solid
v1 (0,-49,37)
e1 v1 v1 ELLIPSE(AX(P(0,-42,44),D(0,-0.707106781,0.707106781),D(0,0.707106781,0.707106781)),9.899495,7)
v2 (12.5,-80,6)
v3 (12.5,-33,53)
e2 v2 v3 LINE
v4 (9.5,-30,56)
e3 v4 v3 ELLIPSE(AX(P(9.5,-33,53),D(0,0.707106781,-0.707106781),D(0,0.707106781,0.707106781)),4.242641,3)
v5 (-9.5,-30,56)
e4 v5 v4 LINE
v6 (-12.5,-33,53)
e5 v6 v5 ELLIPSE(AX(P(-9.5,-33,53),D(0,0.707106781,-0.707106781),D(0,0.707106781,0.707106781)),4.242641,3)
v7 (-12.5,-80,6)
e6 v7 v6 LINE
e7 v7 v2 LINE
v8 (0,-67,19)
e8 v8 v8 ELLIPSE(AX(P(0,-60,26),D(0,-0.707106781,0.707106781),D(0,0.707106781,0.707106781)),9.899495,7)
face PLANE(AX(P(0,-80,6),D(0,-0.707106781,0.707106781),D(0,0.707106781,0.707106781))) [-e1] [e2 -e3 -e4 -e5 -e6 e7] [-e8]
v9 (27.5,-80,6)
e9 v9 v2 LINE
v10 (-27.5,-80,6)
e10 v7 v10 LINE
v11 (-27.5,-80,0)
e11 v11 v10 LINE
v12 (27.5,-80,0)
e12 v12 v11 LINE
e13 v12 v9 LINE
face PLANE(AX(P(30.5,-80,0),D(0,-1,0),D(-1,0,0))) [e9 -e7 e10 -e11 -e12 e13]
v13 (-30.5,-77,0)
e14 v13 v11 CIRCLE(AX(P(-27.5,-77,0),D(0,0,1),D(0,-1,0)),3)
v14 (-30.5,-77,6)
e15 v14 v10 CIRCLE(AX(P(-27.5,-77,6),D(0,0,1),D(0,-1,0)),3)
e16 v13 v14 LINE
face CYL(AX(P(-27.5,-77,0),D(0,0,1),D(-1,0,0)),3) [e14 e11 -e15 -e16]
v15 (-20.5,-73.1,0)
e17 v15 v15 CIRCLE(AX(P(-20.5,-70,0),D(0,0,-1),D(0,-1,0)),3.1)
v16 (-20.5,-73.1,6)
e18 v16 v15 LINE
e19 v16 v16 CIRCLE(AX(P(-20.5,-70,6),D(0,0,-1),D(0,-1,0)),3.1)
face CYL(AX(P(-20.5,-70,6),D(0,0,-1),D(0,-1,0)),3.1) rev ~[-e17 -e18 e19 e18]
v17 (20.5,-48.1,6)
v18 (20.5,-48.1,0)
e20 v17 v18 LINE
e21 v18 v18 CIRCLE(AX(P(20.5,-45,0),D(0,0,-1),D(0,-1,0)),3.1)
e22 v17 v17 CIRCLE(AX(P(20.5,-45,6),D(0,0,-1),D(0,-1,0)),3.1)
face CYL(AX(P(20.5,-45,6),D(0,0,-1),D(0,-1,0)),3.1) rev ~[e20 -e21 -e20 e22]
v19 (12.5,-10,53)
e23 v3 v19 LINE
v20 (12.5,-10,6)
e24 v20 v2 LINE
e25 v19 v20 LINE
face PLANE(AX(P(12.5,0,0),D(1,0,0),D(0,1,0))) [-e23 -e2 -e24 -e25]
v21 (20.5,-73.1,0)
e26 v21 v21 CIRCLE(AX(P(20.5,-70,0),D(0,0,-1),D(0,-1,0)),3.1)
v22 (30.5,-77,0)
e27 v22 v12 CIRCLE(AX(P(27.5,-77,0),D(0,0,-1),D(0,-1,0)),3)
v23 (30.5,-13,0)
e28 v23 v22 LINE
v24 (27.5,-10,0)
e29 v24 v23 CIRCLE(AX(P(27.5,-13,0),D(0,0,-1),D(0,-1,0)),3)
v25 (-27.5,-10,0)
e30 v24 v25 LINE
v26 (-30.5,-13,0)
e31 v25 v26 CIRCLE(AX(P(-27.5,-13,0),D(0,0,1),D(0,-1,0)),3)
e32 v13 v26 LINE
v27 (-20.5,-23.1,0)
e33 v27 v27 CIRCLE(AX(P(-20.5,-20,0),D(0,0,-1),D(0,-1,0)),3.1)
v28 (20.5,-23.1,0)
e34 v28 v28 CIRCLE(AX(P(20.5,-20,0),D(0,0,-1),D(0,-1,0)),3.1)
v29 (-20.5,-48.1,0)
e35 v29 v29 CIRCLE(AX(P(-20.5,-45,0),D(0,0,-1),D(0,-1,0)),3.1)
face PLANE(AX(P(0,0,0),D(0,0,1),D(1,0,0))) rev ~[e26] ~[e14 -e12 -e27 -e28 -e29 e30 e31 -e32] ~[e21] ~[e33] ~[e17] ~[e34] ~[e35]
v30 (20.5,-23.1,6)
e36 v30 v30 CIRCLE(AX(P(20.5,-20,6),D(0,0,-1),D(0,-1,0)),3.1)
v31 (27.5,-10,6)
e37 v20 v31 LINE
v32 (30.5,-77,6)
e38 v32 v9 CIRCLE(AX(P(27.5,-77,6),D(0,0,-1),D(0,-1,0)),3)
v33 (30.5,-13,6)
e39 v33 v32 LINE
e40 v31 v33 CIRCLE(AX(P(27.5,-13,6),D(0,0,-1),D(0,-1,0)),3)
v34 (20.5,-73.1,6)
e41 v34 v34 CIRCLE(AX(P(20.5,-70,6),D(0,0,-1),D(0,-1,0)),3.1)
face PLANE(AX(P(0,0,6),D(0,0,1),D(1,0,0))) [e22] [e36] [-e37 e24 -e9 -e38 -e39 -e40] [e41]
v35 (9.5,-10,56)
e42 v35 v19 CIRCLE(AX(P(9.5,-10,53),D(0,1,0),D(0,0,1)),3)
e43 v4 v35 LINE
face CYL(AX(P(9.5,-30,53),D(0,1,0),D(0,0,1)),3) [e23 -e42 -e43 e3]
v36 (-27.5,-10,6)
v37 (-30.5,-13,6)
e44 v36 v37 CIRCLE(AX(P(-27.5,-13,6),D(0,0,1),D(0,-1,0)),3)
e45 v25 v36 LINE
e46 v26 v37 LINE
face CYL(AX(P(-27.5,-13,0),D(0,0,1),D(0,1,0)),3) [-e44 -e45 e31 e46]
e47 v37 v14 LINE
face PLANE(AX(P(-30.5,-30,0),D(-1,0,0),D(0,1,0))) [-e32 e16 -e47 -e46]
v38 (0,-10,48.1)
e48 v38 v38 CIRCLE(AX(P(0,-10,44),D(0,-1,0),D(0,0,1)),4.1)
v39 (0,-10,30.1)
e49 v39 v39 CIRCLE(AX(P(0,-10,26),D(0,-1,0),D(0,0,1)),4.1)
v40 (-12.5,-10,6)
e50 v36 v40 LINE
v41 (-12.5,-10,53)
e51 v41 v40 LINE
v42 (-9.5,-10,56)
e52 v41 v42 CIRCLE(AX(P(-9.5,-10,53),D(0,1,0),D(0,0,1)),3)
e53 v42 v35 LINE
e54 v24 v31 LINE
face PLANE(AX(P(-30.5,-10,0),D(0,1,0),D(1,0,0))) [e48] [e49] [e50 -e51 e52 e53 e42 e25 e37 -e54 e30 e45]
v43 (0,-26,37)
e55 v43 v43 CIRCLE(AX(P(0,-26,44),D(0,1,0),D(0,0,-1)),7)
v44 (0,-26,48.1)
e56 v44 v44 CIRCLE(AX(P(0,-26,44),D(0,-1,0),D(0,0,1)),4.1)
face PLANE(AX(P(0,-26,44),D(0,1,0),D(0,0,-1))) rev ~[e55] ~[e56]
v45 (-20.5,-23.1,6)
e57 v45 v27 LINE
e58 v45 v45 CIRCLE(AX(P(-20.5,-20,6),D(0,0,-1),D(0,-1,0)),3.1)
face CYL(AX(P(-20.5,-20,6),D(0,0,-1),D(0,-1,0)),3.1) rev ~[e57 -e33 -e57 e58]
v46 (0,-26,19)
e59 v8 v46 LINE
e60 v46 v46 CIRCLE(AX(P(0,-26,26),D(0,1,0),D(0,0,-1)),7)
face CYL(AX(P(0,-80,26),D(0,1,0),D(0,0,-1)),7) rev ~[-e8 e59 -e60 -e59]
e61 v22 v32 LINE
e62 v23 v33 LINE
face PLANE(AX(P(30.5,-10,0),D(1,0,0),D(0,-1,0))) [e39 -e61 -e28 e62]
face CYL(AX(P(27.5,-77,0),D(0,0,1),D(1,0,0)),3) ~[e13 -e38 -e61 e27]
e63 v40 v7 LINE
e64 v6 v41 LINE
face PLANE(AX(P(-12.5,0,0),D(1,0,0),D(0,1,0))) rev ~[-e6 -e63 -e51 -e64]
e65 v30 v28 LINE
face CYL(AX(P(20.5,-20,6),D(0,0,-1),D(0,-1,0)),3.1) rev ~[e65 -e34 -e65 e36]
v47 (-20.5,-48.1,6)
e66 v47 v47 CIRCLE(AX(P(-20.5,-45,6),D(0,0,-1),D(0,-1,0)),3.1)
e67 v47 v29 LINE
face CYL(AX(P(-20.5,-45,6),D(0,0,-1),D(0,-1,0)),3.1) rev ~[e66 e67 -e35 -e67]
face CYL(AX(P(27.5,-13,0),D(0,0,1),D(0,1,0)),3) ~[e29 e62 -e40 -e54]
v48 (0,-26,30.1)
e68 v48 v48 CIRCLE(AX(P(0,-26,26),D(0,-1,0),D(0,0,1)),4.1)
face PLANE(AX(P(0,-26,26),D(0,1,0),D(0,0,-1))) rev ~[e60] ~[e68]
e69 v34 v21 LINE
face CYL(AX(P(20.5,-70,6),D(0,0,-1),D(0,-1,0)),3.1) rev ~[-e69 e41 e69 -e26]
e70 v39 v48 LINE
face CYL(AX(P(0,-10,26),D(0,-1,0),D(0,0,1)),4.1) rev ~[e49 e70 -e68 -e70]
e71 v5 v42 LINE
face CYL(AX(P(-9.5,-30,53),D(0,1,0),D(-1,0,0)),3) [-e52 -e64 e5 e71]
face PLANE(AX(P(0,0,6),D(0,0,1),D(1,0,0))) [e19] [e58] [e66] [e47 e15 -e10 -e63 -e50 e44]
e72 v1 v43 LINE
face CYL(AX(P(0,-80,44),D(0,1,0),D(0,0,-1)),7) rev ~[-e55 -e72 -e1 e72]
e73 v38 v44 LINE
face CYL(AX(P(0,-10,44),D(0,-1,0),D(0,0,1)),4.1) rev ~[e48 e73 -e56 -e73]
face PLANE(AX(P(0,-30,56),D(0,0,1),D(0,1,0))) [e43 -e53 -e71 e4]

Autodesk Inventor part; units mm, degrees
ref_plane "YZ Plane" through (0, 0, 0) normal (1, 0, 0) x (0, 1, 0)
ref_plane "XZ Plane" through (0, 0, 0) normal (0, 1, 0) x (-1, 0, 0)
ref_plane "XY Plane" through (0, 0, 0) normal (0, 0, 1) x (1, 0, 0)
sketch "Sketch1" plane through (0, 0, 0) normal (1, 0, 0) x (0, 1, 0)
  line L0 (0, 0) -> (0, 15.4021) construction
  line L1 (-80, 0) -> (0, 0) construction
  line L2 (-10, 16) -> (-10, 44) construction
  line L3 (-10, 56) -> (-10, 0)
  line L4 (-10, 0) -> (-80, 0)
  line L5 (-80, 0) -> (-80, 6)
  line L6 (-80, 6) -> (-30, 56)
  line L7 (-30, 56) -> (-10, 56)
  point P0 (-10, 28)
  dimension "d0" = 6
  dimension "d1" = 70
  dimension "d2" = 56
  dimension "d3" = 20
extrude "Extrusion1" add sketch "Sketch1" along normal mid plane 25
sketch "Sketch2" plane through (-12.5, -10, 56) normal (0, 1, 0) x (1, 0, 0)
  circle A0 centre (12.5, 12) radius 4.1 construction
  circle A1 centre (12.5, 30) radius 4.1 construction
  point P0 (12.5, 56)
hole "Hole1" at (0, -10, 44) at (0, -10, 26) direction (0, -1, 0) diameter 8.2 depth 16
sketch "Sketch3" plane through (-12.5, -80, 0) normal (0, -1, 0) x (1, 0, 0)
  circle A0 centre (12.5, 44) radius 4.1 construction
  circle A1 centre (12.5, 26) radius 4.1 construction
  point P0 (12.5, 0)
hole "Hole2" at (0, -80, 44) at (0, -80, 26) direction (0, 1, 0) diameter 14 depth 54
sketch "Sketch4" plane through (0, 0, 0) normal (0, 0, 1) x (1, 0, 0)
  line L0 (-30.5, -10) -> (30.5, -10)
  line L1 (30.5, -10) -> (30.5, -30)
  line L2 (30.5, -80) -> (-30.5, -80)
  line L3 (-30.5, -80) -> (-30.5, -60)
  line L4 (0, 0) -> (0, -133.7428) construction
  line L5 (-30.5, -30) -> (-12.5, -30) construction
  line L6 (-12.5, -30) -> (-12.5, -60) construction
  line L7 (-12.5, -10) -> (-12.5, -80) construction
  line L8 (-30.5, -60) -> (-12.5, -60) construction
  line L9 (30.5, -30) -> (12.5, -30) construction
  line L10 (12.5, -80) -> (12.5, -10) construction
  line L11 (12.5, -60) -> (30.5, -60) construction
  line L12 (12.5, -30) -> (12.5, -60) construction
  line L13 (-30.5, -60) -> (-30.5, -30)
  line L14 (30.5, -30) -> (30.5, -60)
  line L15 (30.5, -60) -> (30.5, -80)
  line L16 (-30.5, -30) -> (-30.5, -10)
  dimension "d20" = 30.5
  dimension "d36" = 20
  dimension "d37" = 20
extrude "Extrusion2" add sketch "Sketch4" along normal blind 6
sketch "Sketch5" plane through (0, 0, 6) normal (0, 0, 1) x (1, 0, 0)
  line L0 (-30.5, -10) -> (30.5, -10) construction
  line L1 (20.5, -10) -> (20.5, -80) construction
  line L2 (30.5, -80) -> (-30.5, -80) construction
  line L3 (30.5, -80) -> (30.5, -10) construction
  line L4 (0, 0) -> (0, -101.1083) construction
  line L5 (12.5, -30) -> (12.5, -80) construction
  line L6 (12.5, -80) -> (30.5, -80)
  point P0 (20.5, -20)
  point P1 (20.5, -70)
  point P2 (-20.5, -20)
  point P3 (-20.5, -70)
  point P4 (20.5, -45)
  point P5 (-20.5, -45)
  dimension "d24" = 10
  dimension "d35" = 50
  dimension "d50" = 25
  dimension "d53" = 10
hole "Hole3" at (-20.5, -70, 6) at (-20.5, -20, 6) at (20.5, -20, 6) at (20.5, -70, 6) at (-20.5, -45, 6) at (20.5, -45, 6) direction (0, 0, -1) diameter 6.2 end through all
fillet "Fillet1" radius 3 4 edges at (-30.5, -80, 3) (30.5, -80, 3) (30.5, -10, 3) (-30.5, -10, 3)
fillet "Fillet2" radius 3 2 edges at (-12.5, -20, 56) (12.5, -20, 56)
properties part number "LoadCell_NewBase" material "Aluminum 7075"
